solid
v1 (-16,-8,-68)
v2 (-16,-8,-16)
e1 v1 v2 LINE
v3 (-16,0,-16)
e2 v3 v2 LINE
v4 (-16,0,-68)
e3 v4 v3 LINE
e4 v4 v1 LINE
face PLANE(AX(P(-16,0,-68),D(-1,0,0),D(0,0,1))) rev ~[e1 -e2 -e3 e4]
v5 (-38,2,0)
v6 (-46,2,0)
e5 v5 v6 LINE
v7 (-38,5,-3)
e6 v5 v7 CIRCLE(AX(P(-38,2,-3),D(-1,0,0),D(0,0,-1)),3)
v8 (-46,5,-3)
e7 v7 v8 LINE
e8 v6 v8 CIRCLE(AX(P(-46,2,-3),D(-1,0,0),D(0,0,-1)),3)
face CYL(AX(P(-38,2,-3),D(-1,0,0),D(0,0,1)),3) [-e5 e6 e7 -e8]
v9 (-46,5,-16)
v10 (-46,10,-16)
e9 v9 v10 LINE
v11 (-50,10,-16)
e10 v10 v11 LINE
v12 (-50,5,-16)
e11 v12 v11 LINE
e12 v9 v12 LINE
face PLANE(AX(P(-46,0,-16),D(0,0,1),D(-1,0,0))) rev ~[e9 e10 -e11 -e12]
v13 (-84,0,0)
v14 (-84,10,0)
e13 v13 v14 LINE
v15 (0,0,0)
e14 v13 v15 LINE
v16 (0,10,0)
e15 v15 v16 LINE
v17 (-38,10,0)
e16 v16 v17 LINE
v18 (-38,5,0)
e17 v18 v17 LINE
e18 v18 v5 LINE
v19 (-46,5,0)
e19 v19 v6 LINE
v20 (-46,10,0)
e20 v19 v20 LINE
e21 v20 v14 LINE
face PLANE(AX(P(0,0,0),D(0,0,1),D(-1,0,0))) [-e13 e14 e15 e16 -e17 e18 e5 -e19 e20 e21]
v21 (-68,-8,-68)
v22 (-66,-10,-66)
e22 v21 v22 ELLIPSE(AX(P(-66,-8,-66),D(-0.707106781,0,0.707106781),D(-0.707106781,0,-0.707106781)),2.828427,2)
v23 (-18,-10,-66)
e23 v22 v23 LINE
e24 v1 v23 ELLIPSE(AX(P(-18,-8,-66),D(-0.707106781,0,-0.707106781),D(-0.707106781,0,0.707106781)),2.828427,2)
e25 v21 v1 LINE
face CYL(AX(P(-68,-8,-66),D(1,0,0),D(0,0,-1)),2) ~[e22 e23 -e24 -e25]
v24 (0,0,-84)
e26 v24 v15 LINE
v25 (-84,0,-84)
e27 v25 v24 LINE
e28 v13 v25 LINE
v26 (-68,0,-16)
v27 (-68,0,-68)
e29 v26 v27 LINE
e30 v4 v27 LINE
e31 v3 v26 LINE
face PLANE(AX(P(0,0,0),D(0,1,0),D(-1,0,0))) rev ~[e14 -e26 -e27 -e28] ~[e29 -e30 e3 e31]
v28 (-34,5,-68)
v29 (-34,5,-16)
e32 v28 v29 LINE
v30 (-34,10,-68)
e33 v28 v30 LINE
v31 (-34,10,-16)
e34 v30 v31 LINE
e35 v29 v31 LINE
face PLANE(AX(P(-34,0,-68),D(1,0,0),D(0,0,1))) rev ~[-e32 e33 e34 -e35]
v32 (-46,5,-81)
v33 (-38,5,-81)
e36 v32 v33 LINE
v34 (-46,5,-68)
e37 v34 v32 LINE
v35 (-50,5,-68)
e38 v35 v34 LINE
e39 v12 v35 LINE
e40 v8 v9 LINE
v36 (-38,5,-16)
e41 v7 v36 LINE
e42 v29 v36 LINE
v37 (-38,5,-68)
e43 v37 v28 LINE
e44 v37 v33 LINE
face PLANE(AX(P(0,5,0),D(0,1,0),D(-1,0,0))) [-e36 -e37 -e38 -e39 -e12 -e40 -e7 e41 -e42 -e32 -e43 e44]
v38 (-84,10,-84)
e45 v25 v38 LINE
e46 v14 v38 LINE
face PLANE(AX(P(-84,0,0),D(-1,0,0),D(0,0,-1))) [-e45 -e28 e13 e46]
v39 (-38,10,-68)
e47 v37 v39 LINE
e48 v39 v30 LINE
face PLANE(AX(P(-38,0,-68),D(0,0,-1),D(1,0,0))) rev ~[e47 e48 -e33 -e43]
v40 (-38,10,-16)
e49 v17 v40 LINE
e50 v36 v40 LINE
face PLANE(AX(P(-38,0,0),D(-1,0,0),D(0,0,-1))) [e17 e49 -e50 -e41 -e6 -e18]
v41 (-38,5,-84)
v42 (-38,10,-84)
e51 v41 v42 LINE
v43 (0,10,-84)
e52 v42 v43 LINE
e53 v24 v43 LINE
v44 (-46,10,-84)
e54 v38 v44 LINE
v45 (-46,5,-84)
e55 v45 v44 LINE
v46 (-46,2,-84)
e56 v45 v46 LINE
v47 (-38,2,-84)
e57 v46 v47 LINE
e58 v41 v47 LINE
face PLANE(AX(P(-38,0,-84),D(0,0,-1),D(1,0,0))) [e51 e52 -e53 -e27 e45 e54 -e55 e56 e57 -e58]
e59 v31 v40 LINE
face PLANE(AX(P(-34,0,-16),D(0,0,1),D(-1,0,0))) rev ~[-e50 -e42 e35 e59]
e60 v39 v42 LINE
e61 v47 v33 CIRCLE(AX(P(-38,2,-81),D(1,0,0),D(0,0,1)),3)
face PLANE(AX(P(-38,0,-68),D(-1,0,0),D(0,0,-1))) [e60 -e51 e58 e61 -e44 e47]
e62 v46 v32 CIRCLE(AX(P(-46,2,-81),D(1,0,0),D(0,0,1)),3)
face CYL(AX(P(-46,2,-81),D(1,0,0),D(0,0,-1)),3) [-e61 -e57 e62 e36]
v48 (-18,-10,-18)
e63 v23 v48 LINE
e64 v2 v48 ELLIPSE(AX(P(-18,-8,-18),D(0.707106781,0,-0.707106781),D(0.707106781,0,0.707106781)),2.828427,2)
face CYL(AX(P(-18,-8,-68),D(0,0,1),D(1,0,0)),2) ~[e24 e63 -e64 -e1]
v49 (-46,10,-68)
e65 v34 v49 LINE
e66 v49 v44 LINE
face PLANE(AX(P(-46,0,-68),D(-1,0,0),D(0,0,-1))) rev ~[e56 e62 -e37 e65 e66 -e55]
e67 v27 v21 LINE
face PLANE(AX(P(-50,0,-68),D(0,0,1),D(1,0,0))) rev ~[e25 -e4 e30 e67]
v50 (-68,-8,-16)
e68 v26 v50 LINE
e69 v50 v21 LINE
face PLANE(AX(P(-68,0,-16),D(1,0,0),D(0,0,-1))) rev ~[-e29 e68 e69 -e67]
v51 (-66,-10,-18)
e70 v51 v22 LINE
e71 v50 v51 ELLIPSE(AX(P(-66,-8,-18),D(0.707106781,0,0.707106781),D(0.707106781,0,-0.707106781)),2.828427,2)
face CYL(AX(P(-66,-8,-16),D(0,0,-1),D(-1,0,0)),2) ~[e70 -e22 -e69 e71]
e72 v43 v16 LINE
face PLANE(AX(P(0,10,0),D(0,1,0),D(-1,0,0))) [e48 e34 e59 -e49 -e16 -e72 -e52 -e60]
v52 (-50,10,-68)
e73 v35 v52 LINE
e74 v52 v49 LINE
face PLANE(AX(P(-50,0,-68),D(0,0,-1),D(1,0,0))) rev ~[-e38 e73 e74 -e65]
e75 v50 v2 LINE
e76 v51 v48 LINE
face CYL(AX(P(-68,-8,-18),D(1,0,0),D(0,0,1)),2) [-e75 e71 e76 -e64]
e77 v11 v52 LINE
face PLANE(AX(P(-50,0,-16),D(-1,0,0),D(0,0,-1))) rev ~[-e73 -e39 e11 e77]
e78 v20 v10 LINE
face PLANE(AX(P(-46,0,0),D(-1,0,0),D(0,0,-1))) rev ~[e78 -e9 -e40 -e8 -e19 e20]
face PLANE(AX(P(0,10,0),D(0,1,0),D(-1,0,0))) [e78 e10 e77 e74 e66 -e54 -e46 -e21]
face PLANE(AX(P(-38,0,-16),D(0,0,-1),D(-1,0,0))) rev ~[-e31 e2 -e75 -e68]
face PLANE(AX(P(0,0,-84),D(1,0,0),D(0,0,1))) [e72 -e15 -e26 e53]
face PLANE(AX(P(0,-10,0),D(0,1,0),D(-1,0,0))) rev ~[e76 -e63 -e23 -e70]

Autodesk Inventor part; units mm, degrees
ref_plane "YZ Plane" through (0, 0, 0) normal (1, 0, 0) x (0, 1, 0)
ref_plane "XZ Plane" through (0, 0, 0) normal (0, 1, 0) x (-1, 0, 0)
ref_plane "XY Plane" through (0, 0, 0) normal (0, 0, 1) x (1, 0, 0)
sketch "Sketch1" plane through (0, 0, 0) normal (0, 1, 0) x (-1, 0, 0)
  line L0 (0, 0) -> (84, 0)
  line L1 (84, 0) -> (84, -84)
  line L2 (84, -84) -> (0, -84)
  line L3 (0, -84) -> (0, 0)
  line L4 (16, -16) -> (68, -16)
  line L5 (68, -16) -> (68, -68)
  line L6 (68, -68) -> (16, -68)
  line L7 (16, -68) -> (16, -16)
  line L8 (0, 0) -> (84, -84) construction
  line L9 (84, 0) -> (0, -84) construction
  line L10 (46, 0) -> (46, -16)
  line L11 (38, 0) -> (38, -16)
  line L12 (38, -68) -> (38, -84)
  line L13 (46, -68) -> (46, -84)
  line L14 (46, -76) -> (38, -76) construction
  line L15 (42, -76) -> (42, -68) construction
  line L16 (50, -16) -> (50, -68)
  line L17 (34, -68) -> (34, -16)
  dimension "d0" = 52
  dimension "d1" = 84
  dimension "d2" = 4
  dimension "d3" = 4
  dimension "d4" = 4
extrude "Extrusion1" add sketch "Sketch1" along normal blind 10 contours L0 L11 L4 L7 L6 L12 L2 L3 | L0 L1 L2 L13 L6 L5 L4 L10 | L17 L6 L7 L4 | L4 L5 L6 L16
extrude "Extrusion2" add sketch "Sketch1" along normal blind 5 contours L0 L10 L4 L11 | L4 L16 L6 L17 | L12 L6 L13 L2
extrude "Extrusion3" add sketch "Sketch1" against normal blind 10 contours L4 L16 L6 L17 | L17 L6 L7 L4 | L4 L5 L6 L16
fillet "Fillet1" radius 2 4 edges at (-68, -10, -42) (-42, -10, -16) (-16, -10, -42) (-42, -10, -68)
fillet "Fillet2" radius 3 2 edges at (-42, 5, 0) (-42, 5, -84)
equation "\"d0\" = inner_carriage_length - 2 * inner_carriage_width"
equation "\"d1\" = long_centerlegg_width"
equation "\"d2\" = cabel_shaft_size"
equation "\"d3\" = cabel_shaft_size"
equation "\"d4\" = cabel_shaft_size"
equation "\"d5\" = 0.5 * centerlegg_topplate_thicknes"
equation "\"d7\" = 0.5 * centerlegg_topplate_thicknes - centerlegg_grove_depth"
equation "\"d9\" = 0.5 * centerlegg_topplate_thicknes"
equation "\"centerlegg_topplate_thicknes\" = 20"
equation "\"centerlegg_grove_depth\" = 5"
equation "\"inner_carriage_length\" = 72"
equation "\"inner_carriage_width\" = 10"
equation "\"long_centerlegg_width\" = 84"
equation "\"cabel_shaft_size\" = 4"
properties part number "09_centerlegg_topplate"
